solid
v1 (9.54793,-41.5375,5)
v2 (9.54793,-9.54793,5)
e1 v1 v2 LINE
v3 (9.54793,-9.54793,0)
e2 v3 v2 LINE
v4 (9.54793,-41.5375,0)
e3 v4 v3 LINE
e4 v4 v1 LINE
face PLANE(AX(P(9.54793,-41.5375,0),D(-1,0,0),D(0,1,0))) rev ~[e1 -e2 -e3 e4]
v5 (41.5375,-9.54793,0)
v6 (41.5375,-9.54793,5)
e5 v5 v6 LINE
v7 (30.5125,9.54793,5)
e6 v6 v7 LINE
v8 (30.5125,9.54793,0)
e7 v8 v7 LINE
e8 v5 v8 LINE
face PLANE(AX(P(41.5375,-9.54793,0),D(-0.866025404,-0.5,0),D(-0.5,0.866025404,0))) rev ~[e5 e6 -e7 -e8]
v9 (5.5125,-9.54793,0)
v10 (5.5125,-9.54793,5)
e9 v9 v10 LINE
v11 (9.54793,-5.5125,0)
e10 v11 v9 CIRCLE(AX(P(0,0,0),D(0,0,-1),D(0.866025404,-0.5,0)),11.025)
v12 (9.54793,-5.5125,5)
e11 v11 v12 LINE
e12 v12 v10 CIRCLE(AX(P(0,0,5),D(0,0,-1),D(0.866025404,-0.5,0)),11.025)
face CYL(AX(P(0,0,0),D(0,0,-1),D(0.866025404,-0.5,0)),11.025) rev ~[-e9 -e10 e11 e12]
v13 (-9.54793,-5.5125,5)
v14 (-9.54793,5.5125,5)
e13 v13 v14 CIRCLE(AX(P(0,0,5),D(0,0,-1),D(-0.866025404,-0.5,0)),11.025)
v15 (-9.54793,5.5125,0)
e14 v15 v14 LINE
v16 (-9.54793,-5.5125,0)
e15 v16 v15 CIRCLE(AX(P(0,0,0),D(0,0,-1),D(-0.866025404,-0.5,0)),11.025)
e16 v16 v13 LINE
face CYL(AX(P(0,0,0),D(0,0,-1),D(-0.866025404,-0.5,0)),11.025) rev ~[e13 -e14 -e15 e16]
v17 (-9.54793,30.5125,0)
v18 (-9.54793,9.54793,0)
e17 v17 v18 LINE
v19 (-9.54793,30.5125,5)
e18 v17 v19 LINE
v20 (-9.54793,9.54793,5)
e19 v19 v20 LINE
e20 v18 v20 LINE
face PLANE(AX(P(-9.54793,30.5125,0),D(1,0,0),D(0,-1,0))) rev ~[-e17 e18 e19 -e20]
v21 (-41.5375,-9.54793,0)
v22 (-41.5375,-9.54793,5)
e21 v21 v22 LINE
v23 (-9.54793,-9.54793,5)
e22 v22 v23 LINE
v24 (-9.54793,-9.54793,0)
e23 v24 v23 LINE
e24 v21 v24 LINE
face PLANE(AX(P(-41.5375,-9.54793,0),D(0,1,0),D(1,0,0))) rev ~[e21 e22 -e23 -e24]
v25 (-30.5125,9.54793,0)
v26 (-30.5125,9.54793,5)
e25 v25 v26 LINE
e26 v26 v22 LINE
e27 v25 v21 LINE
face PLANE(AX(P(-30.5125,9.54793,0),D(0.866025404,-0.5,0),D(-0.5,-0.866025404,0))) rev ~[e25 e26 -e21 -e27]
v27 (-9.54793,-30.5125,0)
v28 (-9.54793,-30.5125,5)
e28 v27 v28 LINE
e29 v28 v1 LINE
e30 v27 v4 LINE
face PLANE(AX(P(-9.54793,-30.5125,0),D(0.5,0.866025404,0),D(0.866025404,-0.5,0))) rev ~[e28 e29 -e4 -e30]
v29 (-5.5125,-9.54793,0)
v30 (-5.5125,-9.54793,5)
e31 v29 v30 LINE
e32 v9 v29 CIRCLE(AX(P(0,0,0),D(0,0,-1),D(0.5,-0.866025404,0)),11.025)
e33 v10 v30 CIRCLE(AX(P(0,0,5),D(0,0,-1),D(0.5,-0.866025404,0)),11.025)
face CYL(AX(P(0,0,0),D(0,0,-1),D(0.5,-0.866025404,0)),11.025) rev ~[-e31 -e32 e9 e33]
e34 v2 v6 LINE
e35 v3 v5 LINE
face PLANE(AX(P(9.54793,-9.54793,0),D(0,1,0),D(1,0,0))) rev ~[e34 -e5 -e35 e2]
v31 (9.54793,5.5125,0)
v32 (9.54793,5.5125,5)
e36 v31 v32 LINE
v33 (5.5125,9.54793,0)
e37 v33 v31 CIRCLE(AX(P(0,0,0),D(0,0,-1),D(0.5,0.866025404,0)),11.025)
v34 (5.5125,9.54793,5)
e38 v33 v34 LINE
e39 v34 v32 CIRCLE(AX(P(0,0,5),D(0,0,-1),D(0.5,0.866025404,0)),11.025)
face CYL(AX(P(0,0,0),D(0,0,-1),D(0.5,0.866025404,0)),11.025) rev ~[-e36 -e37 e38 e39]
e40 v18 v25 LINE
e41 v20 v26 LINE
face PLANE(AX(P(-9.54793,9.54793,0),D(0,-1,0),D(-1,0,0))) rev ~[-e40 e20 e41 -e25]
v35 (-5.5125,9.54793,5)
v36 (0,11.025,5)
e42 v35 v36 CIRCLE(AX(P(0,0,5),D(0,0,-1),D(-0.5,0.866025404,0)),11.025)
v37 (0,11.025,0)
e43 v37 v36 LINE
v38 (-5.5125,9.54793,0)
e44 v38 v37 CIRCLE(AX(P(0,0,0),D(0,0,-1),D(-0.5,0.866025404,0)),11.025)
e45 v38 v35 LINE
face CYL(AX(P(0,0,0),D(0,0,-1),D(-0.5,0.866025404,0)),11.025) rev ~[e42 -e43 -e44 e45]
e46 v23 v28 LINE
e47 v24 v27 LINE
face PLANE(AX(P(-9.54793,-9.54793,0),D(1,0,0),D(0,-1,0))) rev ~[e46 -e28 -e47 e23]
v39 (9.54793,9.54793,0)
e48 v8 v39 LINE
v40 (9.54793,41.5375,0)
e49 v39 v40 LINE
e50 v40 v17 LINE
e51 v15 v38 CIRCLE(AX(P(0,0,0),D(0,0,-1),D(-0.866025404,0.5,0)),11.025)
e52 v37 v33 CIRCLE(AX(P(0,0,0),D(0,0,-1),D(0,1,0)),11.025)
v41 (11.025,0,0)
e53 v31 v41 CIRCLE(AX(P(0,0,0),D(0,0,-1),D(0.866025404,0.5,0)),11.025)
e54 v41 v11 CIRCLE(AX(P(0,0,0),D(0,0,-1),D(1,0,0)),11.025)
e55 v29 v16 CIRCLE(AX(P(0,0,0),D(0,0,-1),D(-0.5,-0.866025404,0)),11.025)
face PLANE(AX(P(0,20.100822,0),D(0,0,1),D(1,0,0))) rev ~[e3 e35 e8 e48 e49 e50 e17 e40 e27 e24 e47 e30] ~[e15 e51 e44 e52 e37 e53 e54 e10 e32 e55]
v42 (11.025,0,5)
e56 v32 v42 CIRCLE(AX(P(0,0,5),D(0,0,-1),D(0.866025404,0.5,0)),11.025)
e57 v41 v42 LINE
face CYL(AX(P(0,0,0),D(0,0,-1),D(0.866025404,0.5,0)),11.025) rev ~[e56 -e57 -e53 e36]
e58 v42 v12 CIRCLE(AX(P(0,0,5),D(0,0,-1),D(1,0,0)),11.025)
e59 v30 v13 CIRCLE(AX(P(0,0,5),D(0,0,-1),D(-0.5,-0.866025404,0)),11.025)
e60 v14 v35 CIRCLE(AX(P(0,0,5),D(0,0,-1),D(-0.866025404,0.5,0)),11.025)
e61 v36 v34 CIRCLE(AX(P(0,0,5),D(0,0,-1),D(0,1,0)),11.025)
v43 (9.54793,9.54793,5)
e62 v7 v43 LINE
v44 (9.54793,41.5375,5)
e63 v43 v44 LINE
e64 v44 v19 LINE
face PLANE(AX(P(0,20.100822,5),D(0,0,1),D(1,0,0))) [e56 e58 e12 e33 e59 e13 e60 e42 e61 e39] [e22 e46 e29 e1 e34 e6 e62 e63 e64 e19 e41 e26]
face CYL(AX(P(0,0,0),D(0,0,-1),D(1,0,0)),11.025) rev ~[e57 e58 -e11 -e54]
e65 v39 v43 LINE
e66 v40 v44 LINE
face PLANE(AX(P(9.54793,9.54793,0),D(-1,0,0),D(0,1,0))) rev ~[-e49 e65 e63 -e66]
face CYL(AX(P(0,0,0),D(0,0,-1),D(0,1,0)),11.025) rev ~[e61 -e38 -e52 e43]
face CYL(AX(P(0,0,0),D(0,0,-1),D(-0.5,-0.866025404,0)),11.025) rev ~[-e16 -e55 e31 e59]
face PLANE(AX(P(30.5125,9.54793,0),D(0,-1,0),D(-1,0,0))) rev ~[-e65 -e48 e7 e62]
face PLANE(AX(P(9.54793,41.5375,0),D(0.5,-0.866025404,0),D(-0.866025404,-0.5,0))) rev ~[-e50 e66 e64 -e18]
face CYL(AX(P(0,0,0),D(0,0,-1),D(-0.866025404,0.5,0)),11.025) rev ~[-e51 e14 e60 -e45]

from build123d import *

# Parameters (mm, degrees)
F1_DEPTH = 5


with BuildPart() as f1:
    # F0 (on Top) → F1 (new body)
    with BuildSketch(Plane.XY):
        with BuildLine():
            ThreePointArc((0, 11.025), (2.8534799723, 10.6493322348), (5.5125, 9.5479300767))
            Line((5.5125, 9.5479300767), (9.5479300767, 9.5479300767))
            Line((9.5479300767, 9.5479300767), (9.5479300767, 30.5125))
            Line((9.5479300767, 30.5125), (-9.5479300767, 30.5125))
            Line((-9.5479300767, 30.5125), (-9.5479300767, 9.5479300767))
            Line((-9.5479300767, 9.5479300767), (-5.5125, 9.5479300767))
            ThreePointArc((-5.5125, 9.5479300767), (-2.8534799723, 10.6493322348), (0, 11.025))
        make_face()
        Polygon((-9.5479300767, 30.5125), (9.5479300767, 30.5125), (9.5479300767, 41.5375), (0, 36.025), align=None)
        with BuildLine():
            ThreePointArc((-9.5479300767, 5.5125), (-7.7958522626, 7.7958522626), (-5.5125, 9.5479300767))
            Line((-5.5125, 9.5479300767), (-9.5479300767, 9.5479300767))
            Line((-9.5479300767, 9.5479300767), (-9.5479300767, 5.5125))
        make_face()
        with BuildLine():
            Line((-9.5479300767, -9.5479300767), (-9.5479300767, -5.5125))
            ThreePointArc((-9.5479300767, -5.5125), (-11.025, 0), (-9.5479300767, 5.5125))
            Line((-9.5479300767, 5.5125), (-9.5479300767, 9.5479300767))
            Line((-9.5479300767, 9.5479300767), (-30.5125, 9.5479300767))
            Line((-30.5125, 9.5479300767), (-30.5125, -9.5479300767))
            Line((-30.5125, -9.5479300767), (-9.5479300767, -9.5479300767))
        make_face()
        Polygon((-41.5375, -9.5479300767), (-30.5125, -9.5479300767), (-30.5125, 9.5479300767), (-36.025, 0), align=None)
        with BuildLine():
            Line((-9.5479300767, -9.5479300767), (-5.5125, -9.5479300767))
            ThreePointArc((-5.5125, -9.5479300767), (-7.7958522626, -7.7958522626), (-9.5479300767, -5.5125))
            Line((-9.5479300767, -5.5125), (-9.5479300767, -9.5479300767))
        make_face()
        with BuildLine():
            Line((9.5479300767, -9.5479300767), (5.5125, -9.5479300767))
            ThreePointArc((5.5125, -9.5479300767), (0, -11.025), (-5.5125, -9.5479300767))
            Line((-5.5125, -9.5479300767), (-9.5479300767, -9.5479300767))
            Line((-9.5479300767, -9.5479300767), (-9.5479300767, -30.5125))
            Line((-9.5479300767, -30.5125), (9.5479300767, -30.5125))
            Line((9.5479300767, -30.5125), (9.5479300767, -9.5479300767))
        make_face()
        Polygon((9.5479300767, -41.5375), (9.5479300767, -30.5125), (-9.5479300767, -30.5125), align=None)
        with BuildLine():
            Line((9.5479300767, -9.5479300767), (9.5479300767, -5.5125))
            ThreePointArc((9.5479300767, -5.5125), (7.7958522626, -7.7958522626), (5.5125, -9.5479300767))
            Line((5.5125, -9.5479300767), (9.5479300767, -9.5479300767))
        make_face()
        with BuildLine():
            ThreePointArc((5.5125, 9.5479300767), (7.7958522626, 7.7958522626), (9.5479300767, 5.5125))
            Line((9.5479300767, 5.5125), (9.5479300767, 9.5479300767))
            Line((9.5479300767, 9.5479300767), (5.5125, 9.5479300767))
        make_face()
        with BuildLine():
            ThreePointArc((9.5479300767, 5.5125), (10.6493322348, 2.8534799723), (11.025, 0))
            ThreePointArc((11.025, 0), (10.6493322348, -2.8534799723), (9.5479300767, -5.5125))
            Line((9.5479300767, -5.5125), (9.5479300767, -9.5479300767))
            Line((9.5479300767, -9.5479300767), (30.5125, -9.5479300767))
            Line((30.5125, -9.5479300767), (30.5125, 9.5479300767))
            Line((30.5125, 9.5479300767), (9.5479300767, 9.5479300767))
            Line((9.5479300767, 9.5479300767), (9.5479300767, 5.5125))
        make_face()
        Polygon((41.5375, -9.5479300767), (30.5125, 9.5479300767), (30.5125, -9.5479300767), align=None)
    extrude(amount=F1_DEPTH)


solid = f1.part
